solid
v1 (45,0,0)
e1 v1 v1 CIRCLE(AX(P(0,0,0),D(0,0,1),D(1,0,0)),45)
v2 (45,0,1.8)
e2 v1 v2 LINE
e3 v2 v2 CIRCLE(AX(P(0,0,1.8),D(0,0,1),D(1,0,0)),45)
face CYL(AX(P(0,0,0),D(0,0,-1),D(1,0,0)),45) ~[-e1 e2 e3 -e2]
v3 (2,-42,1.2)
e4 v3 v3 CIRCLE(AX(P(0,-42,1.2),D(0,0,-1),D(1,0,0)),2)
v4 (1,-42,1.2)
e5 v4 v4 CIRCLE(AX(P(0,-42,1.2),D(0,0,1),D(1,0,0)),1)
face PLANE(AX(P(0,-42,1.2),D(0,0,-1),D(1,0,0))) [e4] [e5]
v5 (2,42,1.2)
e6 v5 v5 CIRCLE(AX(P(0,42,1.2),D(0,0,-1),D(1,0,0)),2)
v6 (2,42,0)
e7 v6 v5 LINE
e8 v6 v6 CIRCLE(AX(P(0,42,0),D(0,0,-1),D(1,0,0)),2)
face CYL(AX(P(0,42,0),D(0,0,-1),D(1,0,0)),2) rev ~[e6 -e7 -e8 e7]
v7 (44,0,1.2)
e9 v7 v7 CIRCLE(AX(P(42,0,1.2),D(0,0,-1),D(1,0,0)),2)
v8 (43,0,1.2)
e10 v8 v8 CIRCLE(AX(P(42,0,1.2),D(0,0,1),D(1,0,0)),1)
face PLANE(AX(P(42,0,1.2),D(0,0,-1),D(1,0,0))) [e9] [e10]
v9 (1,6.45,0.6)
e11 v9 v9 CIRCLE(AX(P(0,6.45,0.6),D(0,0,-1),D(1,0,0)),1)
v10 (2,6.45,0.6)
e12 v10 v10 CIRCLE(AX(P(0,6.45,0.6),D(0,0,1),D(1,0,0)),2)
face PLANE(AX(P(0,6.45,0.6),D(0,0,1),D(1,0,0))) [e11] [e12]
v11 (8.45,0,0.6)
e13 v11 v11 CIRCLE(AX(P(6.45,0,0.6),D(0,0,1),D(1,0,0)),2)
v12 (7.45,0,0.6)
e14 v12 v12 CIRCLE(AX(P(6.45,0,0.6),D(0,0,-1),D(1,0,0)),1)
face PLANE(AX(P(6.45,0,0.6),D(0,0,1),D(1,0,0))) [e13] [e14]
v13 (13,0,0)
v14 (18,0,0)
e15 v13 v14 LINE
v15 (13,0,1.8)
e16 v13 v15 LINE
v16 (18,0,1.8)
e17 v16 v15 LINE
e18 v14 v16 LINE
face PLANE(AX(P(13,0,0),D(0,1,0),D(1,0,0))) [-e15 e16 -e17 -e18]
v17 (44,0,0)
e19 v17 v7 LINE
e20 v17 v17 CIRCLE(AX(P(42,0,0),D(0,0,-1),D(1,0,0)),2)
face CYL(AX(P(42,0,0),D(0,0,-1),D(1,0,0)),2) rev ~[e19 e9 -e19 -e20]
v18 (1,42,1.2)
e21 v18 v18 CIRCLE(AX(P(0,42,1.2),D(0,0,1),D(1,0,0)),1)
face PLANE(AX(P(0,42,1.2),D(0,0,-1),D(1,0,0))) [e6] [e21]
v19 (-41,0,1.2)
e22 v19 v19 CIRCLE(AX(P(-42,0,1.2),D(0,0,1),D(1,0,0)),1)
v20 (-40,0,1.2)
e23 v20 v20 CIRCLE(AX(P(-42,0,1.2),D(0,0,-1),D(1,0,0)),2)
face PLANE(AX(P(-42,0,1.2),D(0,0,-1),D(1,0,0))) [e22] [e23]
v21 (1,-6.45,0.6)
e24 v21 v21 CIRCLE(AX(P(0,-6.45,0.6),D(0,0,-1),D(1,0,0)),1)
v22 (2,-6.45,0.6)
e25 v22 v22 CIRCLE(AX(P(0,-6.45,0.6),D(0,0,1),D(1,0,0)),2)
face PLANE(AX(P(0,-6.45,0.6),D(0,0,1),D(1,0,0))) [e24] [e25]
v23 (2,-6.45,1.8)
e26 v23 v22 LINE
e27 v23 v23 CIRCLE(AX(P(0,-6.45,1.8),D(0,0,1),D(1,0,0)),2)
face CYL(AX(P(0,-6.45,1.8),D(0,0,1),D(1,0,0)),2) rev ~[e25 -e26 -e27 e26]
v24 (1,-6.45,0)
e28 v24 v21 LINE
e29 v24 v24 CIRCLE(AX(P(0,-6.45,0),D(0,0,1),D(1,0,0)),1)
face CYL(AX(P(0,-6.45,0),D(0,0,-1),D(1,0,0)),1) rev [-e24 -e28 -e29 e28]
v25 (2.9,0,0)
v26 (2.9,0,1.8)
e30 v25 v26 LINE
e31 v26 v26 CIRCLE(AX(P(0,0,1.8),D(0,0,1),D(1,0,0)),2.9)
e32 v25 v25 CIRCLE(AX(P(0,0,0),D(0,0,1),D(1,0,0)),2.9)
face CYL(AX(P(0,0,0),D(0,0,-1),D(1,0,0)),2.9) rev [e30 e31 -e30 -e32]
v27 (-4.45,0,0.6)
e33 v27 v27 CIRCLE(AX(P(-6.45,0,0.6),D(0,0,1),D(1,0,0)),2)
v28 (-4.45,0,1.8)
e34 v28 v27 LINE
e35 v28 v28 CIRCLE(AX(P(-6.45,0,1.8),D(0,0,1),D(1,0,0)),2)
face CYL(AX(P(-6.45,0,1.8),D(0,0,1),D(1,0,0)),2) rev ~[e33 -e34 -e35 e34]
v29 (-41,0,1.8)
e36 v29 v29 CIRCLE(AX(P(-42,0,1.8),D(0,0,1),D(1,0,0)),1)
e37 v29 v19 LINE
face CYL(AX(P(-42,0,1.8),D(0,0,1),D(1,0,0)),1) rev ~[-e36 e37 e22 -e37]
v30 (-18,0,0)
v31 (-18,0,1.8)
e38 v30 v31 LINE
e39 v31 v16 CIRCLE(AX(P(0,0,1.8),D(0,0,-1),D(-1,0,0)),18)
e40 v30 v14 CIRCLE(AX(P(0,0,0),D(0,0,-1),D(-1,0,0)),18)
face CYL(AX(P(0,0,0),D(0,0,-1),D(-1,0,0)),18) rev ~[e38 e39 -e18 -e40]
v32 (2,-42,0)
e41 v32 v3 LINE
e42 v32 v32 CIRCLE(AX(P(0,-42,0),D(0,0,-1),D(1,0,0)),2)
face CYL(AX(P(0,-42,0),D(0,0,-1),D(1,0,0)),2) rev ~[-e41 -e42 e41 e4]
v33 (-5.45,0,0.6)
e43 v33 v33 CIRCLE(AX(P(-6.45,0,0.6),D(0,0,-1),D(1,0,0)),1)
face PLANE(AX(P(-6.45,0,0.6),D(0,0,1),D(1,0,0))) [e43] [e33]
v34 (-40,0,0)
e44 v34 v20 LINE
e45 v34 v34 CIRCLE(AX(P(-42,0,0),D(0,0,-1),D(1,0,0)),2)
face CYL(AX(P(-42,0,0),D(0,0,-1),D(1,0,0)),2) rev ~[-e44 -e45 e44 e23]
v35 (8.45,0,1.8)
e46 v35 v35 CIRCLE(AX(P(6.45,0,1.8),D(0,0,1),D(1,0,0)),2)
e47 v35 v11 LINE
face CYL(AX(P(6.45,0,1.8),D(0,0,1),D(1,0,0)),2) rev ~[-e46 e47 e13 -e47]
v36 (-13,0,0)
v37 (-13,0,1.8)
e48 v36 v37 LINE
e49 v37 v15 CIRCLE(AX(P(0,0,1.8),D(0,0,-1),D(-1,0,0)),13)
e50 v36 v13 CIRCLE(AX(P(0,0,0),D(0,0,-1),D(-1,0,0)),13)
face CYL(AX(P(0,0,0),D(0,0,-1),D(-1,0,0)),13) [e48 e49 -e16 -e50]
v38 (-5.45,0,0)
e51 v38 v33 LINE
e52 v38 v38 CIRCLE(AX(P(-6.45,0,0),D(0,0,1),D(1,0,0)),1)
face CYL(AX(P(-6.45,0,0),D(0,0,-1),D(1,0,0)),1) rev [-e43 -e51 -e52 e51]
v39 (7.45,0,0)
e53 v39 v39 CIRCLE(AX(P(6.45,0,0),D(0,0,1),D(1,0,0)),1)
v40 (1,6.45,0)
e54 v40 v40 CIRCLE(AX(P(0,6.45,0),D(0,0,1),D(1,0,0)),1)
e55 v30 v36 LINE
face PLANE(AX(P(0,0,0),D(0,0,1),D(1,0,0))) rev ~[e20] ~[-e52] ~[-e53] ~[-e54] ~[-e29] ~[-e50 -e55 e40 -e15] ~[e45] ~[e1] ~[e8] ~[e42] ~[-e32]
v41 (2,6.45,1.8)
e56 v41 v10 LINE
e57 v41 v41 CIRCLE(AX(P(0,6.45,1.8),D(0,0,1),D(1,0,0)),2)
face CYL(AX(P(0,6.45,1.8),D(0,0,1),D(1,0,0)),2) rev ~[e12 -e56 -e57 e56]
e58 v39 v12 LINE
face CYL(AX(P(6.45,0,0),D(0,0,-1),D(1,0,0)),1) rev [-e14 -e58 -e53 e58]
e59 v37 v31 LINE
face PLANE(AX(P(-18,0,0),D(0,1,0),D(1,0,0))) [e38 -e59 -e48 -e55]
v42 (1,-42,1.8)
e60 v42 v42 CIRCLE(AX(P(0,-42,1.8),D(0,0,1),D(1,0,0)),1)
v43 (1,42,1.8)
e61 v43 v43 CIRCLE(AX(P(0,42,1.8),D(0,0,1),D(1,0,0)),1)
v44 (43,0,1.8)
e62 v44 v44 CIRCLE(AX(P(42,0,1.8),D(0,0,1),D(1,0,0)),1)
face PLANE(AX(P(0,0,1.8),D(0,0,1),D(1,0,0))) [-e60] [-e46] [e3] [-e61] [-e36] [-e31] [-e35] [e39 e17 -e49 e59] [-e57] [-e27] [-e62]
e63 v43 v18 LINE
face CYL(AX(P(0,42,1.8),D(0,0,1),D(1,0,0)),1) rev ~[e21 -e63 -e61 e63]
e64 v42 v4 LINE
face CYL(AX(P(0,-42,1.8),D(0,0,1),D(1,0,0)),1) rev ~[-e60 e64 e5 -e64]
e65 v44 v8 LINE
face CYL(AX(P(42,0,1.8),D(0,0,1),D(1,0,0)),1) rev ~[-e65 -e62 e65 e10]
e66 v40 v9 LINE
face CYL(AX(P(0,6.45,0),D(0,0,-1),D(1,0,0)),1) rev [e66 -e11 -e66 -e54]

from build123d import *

# Parameters (mm, degrees)
SKETCH_R        = 45
SKETCH_R_2      = 1
SKETCH_R_3      = 2.9
PAD_DEPTH       = 1.8
SKETCH001_R     = 2
POCKET_DEPTH    = 1.2
SKETCH002_R     = 1
POCKET001_DEPTH = 1.801
SKETCH003_R     = 2
POCKET002_DEPTH = 1.2
POCKET003_DEPTH = 1.801


with BuildPart() as part:
    # Sketch → Pad (new body)
    with BuildSketch(Plane.XY):
        Circle(SKETCH_R)
        with Locations((0, 6.45)):
            Circle(SKETCH_R_2, mode=Mode.SUBTRACT)
        with Locations((-6.45, 0)):
            Circle(SKETCH_R_2, mode=Mode.SUBTRACT)
        with Locations((6.45, 0)):
            Circle(SKETCH_R_2, mode=Mode.SUBTRACT)
        with Locations((0, -6.45)):
            Circle(SKETCH_R_2, mode=Mode.SUBTRACT)
        Circle(SKETCH_R_3, mode=Mode.SUBTRACT)
    extrude(amount=PAD_DEPTH)

    # Sketch001 → Pocket (cut)
    with BuildSketch(Plane.XY.offset(1.8)):
        with Locations((-6.45, 0)):
            Circle(SKETCH001_R)
        with Locations((0, 6.45)):
            Circle(SKETCH001_R)
        with Locations((6.45, 0)):
            Circle(SKETCH001_R)
        with Locations((0, -6.45)):
            Circle(SKETCH001_R)
    extrude(amount=-POCKET_DEPTH, mode=Mode.SUBTRACT)

    # Sketch002 → Pocket001 (cut, through all)
    with BuildSketch(Plane.XY.offset(1.8)):
        with Locations((-42, 0)):
            Circle(SKETCH002_R)
        with Locations((42, 0)):
            Circle(SKETCH002_R)
        with Locations((0, 42)):
            Circle(SKETCH002_R)
        with Locations((0, -42)):
            Circle(SKETCH002_R)
    extrude(amount=-POCKET001_DEPTH, mode=Mode.SUBTRACT)

    # Sketch003 → Pocket002 (cut)
    with BuildSketch(Plane(origin=(0, 0, 0), x_dir=(1, 0, 0), z_dir=(0, 0, -1))):
        with Locations((-42, 0)):
            Circle(SKETCH003_R)
        with Locations((0, 42)):
            Circle(SKETCH003_R)
        with Locations((42, 0)):
            Circle(SKETCH003_R)
        with Locations((0, -42)):
            Circle(SKETCH003_R)
    extrude(amount=-POCKET002_DEPTH, mode=Mode.SUBTRACT)

    # Sketch004 → Pocket003 (cut, through all)
    with BuildSketch(Plane(origin=(0, 0, 0), x_dir=(1, 0, 0), z_dir=(0, 0, -1))):
        with BuildLine():
            ThreePointArc((-13, 0), (0, -13), (13, 0))
            Line((13, 0), (18, 0))
            ThreePointArc((-18, 0), (0, -18), (18, 0))
            Line((-18, 0), (-13, 0))
        make_face()
    extrude(amount=-POCKET003_DEPTH, mode=Mode.SUBTRACT)


solid = part.part
